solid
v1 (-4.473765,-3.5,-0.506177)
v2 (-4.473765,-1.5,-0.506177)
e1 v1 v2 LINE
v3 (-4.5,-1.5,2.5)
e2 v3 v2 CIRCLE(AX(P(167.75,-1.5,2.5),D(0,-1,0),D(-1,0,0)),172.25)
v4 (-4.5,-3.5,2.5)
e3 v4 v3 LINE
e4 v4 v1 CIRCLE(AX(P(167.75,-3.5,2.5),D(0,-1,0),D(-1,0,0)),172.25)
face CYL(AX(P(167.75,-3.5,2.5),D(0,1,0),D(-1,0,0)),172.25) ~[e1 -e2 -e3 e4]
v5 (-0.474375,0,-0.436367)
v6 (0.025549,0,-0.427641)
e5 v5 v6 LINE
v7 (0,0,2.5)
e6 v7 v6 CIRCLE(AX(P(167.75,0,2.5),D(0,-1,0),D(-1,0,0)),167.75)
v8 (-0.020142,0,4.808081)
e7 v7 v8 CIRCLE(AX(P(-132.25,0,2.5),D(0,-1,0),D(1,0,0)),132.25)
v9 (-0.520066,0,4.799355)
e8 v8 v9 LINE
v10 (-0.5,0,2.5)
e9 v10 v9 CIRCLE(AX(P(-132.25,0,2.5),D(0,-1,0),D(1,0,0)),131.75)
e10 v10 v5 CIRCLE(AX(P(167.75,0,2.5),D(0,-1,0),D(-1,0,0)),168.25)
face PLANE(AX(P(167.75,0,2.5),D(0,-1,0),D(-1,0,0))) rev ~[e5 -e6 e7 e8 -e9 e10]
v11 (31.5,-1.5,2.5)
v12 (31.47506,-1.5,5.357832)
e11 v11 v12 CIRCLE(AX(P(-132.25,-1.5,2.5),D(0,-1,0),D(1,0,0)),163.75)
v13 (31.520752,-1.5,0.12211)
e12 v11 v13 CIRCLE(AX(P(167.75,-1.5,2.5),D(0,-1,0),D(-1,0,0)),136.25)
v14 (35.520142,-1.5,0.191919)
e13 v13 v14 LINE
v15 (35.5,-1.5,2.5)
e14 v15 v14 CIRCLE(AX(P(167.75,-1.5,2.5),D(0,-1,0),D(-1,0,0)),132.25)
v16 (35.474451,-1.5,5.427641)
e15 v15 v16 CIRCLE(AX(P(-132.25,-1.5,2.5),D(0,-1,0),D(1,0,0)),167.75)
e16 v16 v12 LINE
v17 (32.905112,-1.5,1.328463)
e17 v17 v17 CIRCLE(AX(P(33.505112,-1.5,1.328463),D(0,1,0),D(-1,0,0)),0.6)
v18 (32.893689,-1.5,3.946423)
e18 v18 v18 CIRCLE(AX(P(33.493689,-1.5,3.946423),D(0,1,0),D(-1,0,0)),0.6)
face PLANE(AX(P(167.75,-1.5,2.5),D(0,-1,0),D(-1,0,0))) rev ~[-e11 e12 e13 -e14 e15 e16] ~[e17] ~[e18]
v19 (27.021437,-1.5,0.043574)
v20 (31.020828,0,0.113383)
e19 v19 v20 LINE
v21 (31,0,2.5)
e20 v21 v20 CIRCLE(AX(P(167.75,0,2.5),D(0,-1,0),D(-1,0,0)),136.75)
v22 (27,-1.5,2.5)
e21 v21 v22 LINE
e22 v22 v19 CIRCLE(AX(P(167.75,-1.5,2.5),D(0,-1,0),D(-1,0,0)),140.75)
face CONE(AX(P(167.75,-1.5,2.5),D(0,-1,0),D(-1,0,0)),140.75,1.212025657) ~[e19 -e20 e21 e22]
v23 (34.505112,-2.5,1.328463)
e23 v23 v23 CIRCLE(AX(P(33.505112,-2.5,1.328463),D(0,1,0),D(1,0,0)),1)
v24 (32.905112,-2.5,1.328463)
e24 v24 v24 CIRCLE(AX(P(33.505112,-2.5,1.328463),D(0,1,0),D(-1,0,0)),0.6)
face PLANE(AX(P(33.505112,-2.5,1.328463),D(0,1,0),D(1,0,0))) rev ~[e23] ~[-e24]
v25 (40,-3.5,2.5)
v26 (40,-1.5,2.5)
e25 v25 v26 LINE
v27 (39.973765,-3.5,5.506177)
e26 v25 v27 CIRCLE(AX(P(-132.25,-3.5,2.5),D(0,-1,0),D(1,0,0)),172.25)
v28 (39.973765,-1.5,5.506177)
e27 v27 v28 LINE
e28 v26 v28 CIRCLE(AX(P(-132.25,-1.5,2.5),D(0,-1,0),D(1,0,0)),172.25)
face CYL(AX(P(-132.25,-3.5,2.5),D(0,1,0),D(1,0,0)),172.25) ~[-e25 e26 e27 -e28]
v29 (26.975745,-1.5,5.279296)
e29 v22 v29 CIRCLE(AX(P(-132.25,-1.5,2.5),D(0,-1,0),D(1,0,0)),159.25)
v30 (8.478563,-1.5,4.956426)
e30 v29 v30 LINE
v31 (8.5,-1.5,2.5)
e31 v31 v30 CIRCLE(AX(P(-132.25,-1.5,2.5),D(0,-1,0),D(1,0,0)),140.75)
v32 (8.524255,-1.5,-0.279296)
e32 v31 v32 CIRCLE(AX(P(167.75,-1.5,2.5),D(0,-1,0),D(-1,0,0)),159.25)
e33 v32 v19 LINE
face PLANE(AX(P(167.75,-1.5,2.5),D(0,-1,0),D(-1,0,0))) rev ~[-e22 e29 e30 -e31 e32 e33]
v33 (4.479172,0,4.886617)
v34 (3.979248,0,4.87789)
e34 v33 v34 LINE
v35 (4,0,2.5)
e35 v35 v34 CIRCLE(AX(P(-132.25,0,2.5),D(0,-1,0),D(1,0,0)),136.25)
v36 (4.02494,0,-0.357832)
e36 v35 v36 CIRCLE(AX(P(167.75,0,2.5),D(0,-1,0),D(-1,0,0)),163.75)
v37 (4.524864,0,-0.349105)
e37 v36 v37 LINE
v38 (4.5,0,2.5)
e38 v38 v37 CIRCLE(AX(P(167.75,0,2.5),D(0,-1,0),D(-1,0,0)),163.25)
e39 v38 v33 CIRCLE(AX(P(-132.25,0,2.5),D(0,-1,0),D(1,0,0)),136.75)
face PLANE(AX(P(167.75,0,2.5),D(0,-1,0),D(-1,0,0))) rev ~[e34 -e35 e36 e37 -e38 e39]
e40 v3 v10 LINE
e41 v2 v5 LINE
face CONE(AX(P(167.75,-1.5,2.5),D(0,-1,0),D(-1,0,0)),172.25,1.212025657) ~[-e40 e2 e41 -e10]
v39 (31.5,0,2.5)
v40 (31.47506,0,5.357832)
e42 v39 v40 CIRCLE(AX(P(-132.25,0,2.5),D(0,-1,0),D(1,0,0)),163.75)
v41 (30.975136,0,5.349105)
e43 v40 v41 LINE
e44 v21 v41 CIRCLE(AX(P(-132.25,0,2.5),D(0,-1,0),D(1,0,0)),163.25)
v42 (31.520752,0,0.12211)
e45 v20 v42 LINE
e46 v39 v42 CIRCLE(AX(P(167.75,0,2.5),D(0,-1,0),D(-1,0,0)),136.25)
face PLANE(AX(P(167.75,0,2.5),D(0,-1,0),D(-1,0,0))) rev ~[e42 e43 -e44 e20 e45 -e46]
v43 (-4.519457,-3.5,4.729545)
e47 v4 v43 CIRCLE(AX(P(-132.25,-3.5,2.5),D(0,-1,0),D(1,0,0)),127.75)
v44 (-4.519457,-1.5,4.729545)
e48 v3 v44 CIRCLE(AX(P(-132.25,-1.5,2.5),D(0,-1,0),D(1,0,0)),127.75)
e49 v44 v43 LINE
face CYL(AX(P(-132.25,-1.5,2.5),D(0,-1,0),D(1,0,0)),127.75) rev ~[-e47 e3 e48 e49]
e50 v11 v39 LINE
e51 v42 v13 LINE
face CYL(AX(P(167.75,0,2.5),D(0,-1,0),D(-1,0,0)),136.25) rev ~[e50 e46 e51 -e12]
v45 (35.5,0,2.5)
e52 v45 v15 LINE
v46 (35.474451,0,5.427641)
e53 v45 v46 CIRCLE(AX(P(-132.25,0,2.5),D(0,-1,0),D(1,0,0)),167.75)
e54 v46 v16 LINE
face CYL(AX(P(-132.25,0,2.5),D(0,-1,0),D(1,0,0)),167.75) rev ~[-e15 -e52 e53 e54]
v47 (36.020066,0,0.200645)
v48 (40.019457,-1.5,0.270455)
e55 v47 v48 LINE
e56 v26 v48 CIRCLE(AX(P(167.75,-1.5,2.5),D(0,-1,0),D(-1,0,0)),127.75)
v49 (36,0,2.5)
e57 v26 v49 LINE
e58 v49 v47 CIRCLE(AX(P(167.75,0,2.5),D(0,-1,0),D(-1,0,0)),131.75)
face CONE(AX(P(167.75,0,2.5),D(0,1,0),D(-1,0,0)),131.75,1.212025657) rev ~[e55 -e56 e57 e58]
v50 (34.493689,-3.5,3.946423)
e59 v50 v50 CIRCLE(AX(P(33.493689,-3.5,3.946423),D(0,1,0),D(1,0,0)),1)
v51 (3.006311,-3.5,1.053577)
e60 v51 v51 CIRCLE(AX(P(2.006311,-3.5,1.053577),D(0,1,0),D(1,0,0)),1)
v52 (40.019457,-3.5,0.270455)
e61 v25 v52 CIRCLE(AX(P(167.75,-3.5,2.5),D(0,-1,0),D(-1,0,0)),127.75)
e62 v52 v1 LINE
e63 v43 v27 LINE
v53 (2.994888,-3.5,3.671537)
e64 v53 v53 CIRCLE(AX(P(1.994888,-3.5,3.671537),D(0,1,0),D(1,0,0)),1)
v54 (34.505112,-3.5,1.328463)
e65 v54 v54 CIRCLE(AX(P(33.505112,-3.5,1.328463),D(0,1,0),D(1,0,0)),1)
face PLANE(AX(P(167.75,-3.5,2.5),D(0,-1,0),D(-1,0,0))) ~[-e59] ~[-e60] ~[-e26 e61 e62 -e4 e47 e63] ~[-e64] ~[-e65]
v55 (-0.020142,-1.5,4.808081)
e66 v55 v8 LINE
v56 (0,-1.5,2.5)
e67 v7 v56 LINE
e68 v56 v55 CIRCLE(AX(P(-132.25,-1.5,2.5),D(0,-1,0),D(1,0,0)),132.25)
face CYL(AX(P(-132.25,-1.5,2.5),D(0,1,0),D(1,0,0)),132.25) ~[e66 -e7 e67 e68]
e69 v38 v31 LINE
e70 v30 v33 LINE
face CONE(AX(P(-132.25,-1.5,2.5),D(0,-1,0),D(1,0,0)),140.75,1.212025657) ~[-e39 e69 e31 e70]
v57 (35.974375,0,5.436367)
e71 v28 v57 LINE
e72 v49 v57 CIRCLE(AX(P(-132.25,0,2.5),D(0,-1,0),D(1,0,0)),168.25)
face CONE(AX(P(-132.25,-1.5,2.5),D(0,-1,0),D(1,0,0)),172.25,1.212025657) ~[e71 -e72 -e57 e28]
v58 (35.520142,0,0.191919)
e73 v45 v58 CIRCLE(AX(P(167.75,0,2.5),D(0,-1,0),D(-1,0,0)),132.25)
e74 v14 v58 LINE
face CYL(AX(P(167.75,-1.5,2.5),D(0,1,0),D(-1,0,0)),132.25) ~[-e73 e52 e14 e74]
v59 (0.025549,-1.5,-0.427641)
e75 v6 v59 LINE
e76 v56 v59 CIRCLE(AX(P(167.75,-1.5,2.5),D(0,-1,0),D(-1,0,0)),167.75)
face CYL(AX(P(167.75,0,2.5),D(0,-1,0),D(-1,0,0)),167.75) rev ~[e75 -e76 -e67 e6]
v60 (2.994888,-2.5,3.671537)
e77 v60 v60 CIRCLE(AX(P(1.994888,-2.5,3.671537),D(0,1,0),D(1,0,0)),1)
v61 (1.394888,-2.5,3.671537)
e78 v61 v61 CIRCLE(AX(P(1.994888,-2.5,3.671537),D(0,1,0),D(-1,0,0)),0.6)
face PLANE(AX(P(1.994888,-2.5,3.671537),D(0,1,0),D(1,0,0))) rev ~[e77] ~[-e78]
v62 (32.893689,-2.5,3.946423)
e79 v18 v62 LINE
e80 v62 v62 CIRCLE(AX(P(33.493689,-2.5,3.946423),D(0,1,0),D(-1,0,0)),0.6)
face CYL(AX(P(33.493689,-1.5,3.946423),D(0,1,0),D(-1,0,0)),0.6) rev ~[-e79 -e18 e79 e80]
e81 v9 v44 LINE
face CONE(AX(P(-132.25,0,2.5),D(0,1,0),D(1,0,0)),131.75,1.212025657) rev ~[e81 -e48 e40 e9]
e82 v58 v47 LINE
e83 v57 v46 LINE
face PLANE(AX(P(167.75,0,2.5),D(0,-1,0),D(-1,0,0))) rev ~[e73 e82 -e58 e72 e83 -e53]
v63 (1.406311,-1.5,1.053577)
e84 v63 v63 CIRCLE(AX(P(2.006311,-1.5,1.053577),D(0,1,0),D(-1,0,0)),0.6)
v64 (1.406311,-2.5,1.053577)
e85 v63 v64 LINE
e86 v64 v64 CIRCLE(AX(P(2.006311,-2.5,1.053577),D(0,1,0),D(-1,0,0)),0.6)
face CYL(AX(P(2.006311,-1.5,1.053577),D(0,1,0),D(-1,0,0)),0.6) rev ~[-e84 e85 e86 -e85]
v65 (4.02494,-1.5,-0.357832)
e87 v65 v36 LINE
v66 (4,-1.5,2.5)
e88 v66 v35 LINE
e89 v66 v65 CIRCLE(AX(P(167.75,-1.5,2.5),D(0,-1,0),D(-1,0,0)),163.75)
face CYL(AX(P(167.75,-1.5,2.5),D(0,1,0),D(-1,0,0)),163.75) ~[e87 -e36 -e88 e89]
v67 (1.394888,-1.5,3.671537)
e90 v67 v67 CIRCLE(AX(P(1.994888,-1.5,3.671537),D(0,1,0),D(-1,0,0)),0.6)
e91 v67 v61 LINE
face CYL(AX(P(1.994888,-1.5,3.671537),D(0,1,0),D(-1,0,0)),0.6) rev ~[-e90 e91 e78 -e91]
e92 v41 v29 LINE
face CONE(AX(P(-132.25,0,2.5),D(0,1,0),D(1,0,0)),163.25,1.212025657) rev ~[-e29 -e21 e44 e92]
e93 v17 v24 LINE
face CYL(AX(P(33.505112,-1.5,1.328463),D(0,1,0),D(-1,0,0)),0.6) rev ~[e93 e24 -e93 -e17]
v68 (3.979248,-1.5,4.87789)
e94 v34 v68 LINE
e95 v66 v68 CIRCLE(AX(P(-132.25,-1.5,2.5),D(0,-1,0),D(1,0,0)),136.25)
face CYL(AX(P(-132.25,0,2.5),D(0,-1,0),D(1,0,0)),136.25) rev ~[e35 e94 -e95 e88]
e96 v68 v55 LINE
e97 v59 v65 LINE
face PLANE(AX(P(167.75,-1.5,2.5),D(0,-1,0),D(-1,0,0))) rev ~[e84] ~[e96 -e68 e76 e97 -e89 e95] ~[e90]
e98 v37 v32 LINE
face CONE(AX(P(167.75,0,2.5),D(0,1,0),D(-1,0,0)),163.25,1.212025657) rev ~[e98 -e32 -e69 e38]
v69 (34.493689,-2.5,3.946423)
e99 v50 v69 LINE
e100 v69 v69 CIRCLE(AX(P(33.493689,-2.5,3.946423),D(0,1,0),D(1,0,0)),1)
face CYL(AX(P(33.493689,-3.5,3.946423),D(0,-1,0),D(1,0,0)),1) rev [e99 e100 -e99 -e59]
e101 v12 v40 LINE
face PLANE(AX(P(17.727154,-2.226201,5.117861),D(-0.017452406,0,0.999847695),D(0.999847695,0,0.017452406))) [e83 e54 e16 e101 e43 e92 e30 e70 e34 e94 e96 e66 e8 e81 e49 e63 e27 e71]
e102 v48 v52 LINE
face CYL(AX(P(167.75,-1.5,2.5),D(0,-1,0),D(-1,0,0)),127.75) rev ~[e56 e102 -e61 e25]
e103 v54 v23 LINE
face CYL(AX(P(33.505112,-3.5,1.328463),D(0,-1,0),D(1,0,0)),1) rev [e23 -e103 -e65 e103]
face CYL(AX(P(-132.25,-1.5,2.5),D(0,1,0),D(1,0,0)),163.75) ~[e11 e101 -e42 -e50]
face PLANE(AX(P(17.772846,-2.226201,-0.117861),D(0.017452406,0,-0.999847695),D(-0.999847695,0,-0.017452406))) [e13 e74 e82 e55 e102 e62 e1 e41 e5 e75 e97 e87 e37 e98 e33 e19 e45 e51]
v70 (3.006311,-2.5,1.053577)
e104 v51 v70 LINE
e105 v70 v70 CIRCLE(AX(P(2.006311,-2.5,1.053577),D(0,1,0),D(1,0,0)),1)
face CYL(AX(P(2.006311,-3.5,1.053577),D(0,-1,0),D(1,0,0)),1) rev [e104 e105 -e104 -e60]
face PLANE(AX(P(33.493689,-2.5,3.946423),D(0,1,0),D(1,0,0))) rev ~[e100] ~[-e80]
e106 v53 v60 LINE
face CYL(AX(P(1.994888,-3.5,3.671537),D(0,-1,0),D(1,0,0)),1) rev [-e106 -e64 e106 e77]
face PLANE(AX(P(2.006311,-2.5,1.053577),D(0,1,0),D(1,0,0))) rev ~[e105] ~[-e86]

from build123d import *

# Parameters (mm, degrees)
EXTRUDE_1_DEPTH     = 2.5
SKETCH_5_R          = 0.6
CUT_EXTRUDE_1_DEPTH = 19.036421485
CUT_EXTRUDE_START   = -2
SKETCH_5_3_R        = 1
CUT_EXTRUDE_2_DEPTH = 1
REVOLVE_1_ANGLE     = 1
SKETCH_9_R          = 0.6
CUT_EXTRUDE_3_DEPTH = 41.426698916
SKETCH_9_3_R        = 1
CUT_EXTRUDE_4_DEPTH = 1
SKETCH_10_W         = 44.5
SKETCH_10_H         = 2.5
CUT_EXTRUDE_5_DEPTH = 41.528606999
REVOLVE_2_ANGLE     = 1
SKETCH_14_R         = 0.6
CUT_EXTRUDE_6_DEPTH = 41.445950592
SKETCH_14_3_R       = 1
CUT_EXTRUDE_7_DEPTH = 1


with BuildPart() as part:
    # 草图4 → 凸台-拉伸1 (new body)
    with BuildSketch(Plane.XY):
        Polygon((8.5, -1.5), (17.75, -1.5), (17.75, -3.5), (-4.5, -3.5), (-4.5, -1.5), (-0.5, 0), (0, 0), (0, -1.5), (4, -1.5), (4, 0), (4.5, 0), align=None)
    extrude(amount=EXTRUDE_1_DEPTH)

    # 草图5 → 切除-拉伸1 (cut, through all)
    with BuildSketch(Plane(origin=(0, -1.5, 0), x_dir=(1, 0, 0), z_dir=(0, 1, 0))):
        with Locations(Location((2, -1.25, 0), (0, 0, 270))):
            Circle(SKETCH_5_R)
    extrude(amount=-CUT_EXTRUDE_1_DEPTH, mode=Mode.SUBTRACT)

    # 草图5<3> → 切除-拉伸2 (cut)
    with BuildSketch(Plane(origin=(0, -1.5, 0), x_dir=(1, 0, 0), z_dir=(0, 1, 0)).offset(CUT_EXTRUDE_START)):
        with Locations((2, -1.25)):
            Circle(SKETCH_5_3_R)
    extrude(amount=CUT_EXTRUDE_2_DEPTH, mode=Mode.SUBTRACT)

    # 镜向1: part across plane


with BuildPart() as part_1:
    add(part.part)
    add(part.part.mirror(Plane(origin=(17.75, 0, 2.5), x_dir=(0, 0, 1), z_dir=(1, 0, 0))))

    # 草图6 → 旋转1 (revolve)
    with BuildSketch(Plane.XY.offset(2.5)):
        Polygon((0, 0), (-0.5, 0), (-4.5, -1.5), (-4.5, -3.5), (40, -3.5), (40, -1.5), (36, 0), (35.5, 0), (35.5, -1.5), (31.5, -1.5), (31.5, 0), (31, 0), (27, -1.5), (8.5, -1.5), (4.5, 0), (4, 0), (4, -1.5), (0, -1.5), align=None)
    revolve(axis=Axis((-132.25, 94.8535776, 2.5), (0, -1, 0)), revolution_arc=REVOLVE_1_ANGLE)

    # 草图9 → 切除-拉伸3 (cut, through all)
    with BuildSketch(Plane(origin=(0, -1.5, 0), x_dir=(1, 0, 0), z_dir=(0, 1, 0))):
        with Locations(Location((1.994888171, -3.671537391, 0), (0, 0, 180))):
            Circle(SKETCH_9_R)
        with Locations(Location((33.493688748, -3.946423259, 0), (0, 0, 180))):
            Circle(SKETCH_9_R)
    extrude(amount=-CUT_EXTRUDE_3_DEPTH, mode=Mode.SUBTRACT)

    # 草图9<3> → 切除-拉伸4 (cut)
    with BuildSketch(Plane(origin=(0, -1.5, 0), x_dir=(1, 0, 0), z_dir=(0, 1, 0)).offset(CUT_EXTRUDE_START)):
        with Locations((1.994888171, -3.671537391)):
            Circle(SKETCH_9_3_R)
        with Locations((33.493688748, -3.946423259)):
            Circle(SKETCH_9_3_R)
    extrude(amount=CUT_EXTRUDE_4_DEPTH, mode=Mode.SUBTRACT)

    # 草图10 → 切除-拉伸5 (cut, through all)
    with BuildSketch(Plane(origin=(0, 0, 0), x_dir=(1, 0, 0), z_dir=(0, 1, 0))):
        with Locations((17.75, -1.25)):
            Rectangle(SKETCH_10_W, SKETCH_10_H)
    extrude(amount=-CUT_EXTRUDE_5_DEPTH, mode=Mode.SUBTRACT)

    # 草图11 → 旋转2 (revolve)
    with BuildSketch(Plane(origin=(0, 0, 2.5), x_dir=(-1, 0, 0), z_dir=(0, 0, -1))):
        Polygon((0.5, 0), (0, 0), (0, -1.5), (-4, -1.5), (-4, 0), (-4.5, 0), (-8.5, -1.5), (-27, -1.5), (-31, 0), (-31.5, 0), (-31.5, -1.5), (-35.5, -1.5), (-35.5, 0), (-36, 0), (-40, -1.5), (-40, -3.5), (4.5, -3.5), (4.5, -1.5), align=None)
    revolve(axis=Axis((167.75, 63.011743597, 2.5), (0, -1, 0)), revolution_arc=REVOLVE_2_ANGLE)

    # 草图14 → 切除-拉伸6 (cut, through all)
    with BuildSketch(Plane(origin=(0, -1.5, 0), x_dir=(1, 0, 0), z_dir=(0, 1, 0))):
        with Locations(Location((2.006311252, -1.053576741, 0), (0, 0, 180))):
            Circle(SKETCH_14_R)
        with Locations(Location((33.505111829, -1.328462609, 0), (0, 0, 180))):
            Circle(SKETCH_14_R)
    extrude(amount=-CUT_EXTRUDE_6_DEPTH, mode=Mode.SUBTRACT)

    # 草图14<3> → 切除-拉伸7 (cut)
    with BuildSketch(Plane(origin=(0, -1.5, 0), x_dir=(1, 0, 0), z_dir=(0, 1, 0)).offset(CUT_EXTRUDE_START)):
        with Locations((2.006311252, -1.053576741)):
            Circle(SKETCH_14_3_R)
        with Locations((33.505111829, -1.328462609)):
            Circle(SKETCH_14_3_R)
    extrude(amount=CUT_EXTRUDE_7_DEPTH, mode=Mode.SUBTRACT)


solid = part_1.part
